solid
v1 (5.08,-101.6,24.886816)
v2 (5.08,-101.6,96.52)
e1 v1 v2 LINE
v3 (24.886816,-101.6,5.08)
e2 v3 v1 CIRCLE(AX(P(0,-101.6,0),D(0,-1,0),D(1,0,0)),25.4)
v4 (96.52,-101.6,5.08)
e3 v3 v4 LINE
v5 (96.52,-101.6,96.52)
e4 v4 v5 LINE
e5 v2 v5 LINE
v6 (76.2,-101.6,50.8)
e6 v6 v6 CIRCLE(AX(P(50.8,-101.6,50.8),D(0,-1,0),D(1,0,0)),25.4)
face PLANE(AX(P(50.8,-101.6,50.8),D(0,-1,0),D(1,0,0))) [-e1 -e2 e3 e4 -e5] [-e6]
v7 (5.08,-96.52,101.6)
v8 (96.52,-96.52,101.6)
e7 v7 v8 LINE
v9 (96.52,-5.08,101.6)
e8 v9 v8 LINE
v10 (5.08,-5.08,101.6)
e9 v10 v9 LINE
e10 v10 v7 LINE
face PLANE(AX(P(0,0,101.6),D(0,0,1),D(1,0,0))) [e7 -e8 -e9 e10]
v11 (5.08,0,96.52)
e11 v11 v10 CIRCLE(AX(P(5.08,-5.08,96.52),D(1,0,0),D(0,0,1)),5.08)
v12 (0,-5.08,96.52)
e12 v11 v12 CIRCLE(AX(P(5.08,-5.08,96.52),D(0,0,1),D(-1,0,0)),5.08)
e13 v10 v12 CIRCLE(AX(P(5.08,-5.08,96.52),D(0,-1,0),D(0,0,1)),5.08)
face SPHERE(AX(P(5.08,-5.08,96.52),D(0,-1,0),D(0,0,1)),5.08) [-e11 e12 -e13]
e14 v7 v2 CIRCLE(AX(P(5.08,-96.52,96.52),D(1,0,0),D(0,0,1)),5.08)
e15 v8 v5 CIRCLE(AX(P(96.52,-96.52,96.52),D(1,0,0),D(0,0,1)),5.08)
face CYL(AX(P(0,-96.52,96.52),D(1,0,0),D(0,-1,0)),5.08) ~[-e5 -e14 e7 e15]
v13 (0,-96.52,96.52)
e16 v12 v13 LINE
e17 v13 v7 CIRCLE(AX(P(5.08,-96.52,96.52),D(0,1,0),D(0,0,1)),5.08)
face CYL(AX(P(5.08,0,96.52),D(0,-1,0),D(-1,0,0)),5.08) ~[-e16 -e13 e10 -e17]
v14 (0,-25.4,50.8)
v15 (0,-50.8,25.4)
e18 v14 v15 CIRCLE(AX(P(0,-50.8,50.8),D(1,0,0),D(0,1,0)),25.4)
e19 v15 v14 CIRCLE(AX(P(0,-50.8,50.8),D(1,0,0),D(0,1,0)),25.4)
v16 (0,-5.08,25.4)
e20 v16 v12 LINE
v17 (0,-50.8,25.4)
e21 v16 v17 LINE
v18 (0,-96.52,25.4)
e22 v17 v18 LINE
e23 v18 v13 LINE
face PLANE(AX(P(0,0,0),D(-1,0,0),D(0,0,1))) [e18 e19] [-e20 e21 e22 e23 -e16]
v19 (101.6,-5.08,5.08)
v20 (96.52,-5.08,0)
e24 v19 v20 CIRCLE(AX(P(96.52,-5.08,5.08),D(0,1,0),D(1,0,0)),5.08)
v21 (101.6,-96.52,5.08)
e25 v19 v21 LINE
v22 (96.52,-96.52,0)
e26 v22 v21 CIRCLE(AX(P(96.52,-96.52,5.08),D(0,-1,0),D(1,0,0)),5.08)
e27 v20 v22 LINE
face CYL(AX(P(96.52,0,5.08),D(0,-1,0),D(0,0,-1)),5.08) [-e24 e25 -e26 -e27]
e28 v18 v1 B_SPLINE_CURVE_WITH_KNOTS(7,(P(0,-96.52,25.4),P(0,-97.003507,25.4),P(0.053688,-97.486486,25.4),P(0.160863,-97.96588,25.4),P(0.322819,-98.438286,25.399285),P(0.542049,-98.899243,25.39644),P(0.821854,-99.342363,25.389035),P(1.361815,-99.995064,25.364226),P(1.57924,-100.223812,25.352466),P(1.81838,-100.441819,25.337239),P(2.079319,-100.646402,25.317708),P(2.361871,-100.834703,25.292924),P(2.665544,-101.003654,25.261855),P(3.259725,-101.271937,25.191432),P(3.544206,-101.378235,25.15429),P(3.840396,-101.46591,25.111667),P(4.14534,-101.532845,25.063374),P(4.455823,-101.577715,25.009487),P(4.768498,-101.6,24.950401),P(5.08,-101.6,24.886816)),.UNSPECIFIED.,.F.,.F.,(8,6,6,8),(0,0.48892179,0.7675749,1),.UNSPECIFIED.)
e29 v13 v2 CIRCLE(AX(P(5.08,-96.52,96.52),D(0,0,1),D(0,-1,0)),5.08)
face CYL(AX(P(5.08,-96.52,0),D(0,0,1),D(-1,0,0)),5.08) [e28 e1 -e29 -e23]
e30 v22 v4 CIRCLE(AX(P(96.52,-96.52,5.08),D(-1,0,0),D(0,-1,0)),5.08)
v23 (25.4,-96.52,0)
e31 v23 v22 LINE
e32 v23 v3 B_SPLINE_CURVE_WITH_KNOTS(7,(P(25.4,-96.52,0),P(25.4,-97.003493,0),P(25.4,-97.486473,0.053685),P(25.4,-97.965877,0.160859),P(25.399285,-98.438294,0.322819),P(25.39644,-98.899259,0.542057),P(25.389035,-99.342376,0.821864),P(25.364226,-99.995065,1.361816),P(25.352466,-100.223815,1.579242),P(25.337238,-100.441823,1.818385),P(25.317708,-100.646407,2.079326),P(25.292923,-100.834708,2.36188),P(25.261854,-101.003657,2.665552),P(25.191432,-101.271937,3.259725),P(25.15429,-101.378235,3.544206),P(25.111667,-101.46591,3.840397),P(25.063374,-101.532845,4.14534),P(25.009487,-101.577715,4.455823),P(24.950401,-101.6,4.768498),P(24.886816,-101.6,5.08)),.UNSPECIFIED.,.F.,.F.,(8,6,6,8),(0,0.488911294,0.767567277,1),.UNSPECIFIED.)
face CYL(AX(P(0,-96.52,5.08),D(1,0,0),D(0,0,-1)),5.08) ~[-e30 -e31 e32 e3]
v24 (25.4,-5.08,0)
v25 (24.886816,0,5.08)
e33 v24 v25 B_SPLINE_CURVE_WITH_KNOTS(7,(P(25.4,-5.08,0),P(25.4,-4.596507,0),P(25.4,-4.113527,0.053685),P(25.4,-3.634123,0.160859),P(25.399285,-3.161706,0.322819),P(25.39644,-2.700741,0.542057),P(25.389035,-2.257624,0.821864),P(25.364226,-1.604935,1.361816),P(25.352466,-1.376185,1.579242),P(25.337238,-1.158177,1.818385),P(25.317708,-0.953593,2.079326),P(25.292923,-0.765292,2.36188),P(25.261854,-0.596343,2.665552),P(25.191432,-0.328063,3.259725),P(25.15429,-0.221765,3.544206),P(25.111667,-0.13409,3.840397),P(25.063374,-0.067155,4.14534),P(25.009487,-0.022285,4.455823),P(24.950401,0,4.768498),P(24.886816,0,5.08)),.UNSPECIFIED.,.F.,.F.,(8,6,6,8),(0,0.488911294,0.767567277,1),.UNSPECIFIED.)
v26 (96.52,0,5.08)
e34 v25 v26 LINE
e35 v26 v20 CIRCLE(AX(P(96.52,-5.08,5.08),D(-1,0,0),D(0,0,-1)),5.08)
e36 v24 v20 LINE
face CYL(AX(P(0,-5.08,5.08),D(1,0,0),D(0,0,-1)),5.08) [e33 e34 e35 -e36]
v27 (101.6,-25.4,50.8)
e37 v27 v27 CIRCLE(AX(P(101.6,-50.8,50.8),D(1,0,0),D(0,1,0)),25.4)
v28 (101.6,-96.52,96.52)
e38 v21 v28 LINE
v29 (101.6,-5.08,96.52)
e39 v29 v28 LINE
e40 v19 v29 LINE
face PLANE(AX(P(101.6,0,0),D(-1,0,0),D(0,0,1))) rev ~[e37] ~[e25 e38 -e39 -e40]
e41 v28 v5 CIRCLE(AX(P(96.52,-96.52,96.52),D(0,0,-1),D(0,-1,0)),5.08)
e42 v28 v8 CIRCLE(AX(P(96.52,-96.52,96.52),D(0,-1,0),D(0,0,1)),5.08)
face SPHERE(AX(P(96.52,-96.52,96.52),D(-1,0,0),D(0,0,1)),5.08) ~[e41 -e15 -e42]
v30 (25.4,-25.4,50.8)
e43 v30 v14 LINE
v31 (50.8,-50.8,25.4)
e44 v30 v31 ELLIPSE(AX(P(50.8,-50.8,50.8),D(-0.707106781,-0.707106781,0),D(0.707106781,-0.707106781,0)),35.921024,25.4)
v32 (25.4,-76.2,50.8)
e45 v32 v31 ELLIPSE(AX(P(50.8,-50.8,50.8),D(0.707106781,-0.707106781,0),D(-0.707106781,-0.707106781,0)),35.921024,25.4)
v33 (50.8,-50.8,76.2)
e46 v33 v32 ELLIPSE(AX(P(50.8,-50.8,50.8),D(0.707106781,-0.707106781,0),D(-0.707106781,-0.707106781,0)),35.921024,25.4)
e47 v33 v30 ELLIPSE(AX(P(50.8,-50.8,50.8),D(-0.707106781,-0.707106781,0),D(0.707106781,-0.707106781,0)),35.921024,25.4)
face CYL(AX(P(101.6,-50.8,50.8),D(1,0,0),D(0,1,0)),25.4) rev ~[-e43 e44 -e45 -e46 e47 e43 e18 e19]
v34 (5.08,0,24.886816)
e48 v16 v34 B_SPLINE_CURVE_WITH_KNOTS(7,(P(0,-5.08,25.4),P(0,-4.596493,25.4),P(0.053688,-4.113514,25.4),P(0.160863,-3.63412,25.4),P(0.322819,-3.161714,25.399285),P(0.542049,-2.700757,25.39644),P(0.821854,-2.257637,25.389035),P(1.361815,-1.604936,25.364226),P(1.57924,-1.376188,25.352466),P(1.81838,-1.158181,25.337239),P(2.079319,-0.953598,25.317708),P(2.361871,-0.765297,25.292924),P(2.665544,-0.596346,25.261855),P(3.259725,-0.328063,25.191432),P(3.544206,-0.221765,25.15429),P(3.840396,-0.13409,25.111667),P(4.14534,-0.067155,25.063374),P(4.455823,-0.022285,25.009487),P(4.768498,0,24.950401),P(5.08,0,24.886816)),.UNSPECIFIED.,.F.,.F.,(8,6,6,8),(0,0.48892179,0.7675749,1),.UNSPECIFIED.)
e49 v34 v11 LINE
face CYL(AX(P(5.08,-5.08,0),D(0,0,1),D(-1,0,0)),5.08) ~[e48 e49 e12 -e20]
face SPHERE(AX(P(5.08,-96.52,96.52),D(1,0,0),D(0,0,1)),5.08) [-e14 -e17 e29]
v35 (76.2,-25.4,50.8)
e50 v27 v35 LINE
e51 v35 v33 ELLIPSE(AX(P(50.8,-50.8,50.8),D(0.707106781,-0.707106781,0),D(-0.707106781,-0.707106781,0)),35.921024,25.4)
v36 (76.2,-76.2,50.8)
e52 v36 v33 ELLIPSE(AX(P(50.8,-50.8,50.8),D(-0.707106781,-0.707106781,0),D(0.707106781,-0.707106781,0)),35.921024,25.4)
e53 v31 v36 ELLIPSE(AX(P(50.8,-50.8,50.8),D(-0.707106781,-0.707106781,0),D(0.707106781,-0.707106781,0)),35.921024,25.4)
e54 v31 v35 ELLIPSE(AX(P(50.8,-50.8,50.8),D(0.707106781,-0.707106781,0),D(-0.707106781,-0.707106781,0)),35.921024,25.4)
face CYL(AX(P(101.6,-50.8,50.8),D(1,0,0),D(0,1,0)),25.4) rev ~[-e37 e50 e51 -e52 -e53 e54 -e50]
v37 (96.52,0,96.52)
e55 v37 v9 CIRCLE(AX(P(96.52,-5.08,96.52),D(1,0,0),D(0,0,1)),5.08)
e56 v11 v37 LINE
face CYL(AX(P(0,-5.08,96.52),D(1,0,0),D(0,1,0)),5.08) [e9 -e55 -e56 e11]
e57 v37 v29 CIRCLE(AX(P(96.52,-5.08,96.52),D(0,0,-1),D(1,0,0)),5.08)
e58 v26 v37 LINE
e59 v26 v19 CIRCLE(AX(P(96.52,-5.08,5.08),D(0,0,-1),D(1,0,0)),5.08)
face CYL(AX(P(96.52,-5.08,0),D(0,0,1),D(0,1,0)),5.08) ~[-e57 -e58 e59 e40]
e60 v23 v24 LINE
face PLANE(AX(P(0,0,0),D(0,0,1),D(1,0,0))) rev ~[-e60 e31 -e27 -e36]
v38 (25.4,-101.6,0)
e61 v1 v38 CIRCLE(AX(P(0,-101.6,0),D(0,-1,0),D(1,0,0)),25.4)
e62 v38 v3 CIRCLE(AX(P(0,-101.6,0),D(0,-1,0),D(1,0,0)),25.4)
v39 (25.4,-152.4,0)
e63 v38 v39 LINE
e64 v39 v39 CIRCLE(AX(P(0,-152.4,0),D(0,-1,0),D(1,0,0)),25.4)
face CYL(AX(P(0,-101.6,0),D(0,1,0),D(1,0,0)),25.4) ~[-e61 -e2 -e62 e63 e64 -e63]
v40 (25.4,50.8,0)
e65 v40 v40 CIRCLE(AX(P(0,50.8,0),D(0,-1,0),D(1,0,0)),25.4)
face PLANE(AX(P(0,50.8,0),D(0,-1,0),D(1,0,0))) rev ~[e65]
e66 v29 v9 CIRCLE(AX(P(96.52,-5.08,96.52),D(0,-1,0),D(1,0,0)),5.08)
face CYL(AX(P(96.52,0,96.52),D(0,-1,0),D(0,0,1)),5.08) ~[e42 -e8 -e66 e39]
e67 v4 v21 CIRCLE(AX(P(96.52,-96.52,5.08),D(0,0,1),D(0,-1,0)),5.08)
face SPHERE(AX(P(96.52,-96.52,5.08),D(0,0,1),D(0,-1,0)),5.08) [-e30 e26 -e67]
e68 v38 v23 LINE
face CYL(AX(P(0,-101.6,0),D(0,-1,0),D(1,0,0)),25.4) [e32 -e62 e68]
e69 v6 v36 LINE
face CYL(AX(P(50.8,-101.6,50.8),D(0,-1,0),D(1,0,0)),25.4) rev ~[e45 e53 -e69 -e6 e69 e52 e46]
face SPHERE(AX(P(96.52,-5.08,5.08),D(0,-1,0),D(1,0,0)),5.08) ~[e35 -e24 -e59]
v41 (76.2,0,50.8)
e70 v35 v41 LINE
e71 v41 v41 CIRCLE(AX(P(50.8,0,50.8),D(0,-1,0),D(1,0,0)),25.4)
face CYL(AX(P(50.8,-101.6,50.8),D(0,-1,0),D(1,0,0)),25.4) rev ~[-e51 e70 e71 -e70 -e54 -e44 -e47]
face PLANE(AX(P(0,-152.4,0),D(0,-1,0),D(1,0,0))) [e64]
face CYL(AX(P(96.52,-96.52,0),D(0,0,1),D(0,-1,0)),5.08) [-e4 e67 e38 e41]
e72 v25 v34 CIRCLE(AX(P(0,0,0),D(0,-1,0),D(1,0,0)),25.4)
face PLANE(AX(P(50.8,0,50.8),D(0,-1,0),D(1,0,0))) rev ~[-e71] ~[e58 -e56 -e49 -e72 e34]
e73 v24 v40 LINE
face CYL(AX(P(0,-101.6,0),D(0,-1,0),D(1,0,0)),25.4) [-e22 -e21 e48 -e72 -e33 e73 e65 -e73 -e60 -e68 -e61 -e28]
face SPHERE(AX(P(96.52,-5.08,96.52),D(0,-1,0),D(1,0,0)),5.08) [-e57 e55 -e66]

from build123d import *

# Parameters (mm, degrees)
F0_W          = 101.6
F0_H          = 101.6
F1_DEPTH      = 101.6
F2_R          = 25.4
F3_DEPTH      = 101.6
F4_R          = 25.4
F5_DEPTH      = 101.6
F6_R          = 5.08
F8_R          = 25.4
F9_DEPTH      = 50.8
F9_DEPTH_BACK = 152.4


with BuildPart() as f1:
    # F0 (on Front) → F1 (new body)
    with BuildSketch(Plane.XZ):
        with Locations((50.8, 50.8)):
            Rectangle(F0_W, F0_H)
    extrude(amount=F1_DEPTH)

    # F2 (on face) → F3 (cut)
    with BuildSketch(Plane.XZ.offset(101.6)):
        with Locations((50.8, 50.8)):
            Circle(F2_R)
    extrude(amount=-F3_DEPTH, mode=Mode.SUBTRACT)

    # F4 (on face) → F5 (cut)
    with BuildSketch(Plane.YZ.offset(101.6)):
        with Locations((-50.8, 50.8)):
            Circle(F4_R)
    extrude(amount=-F5_DEPTH, mode=Mode.SUBTRACT)

    # F6
    f6_edges = [f1.edges().sort_by_distance(p)[0] for p in [
        (50.8, -101.6, 101.6),
        (101.6, -50.8, 101.6),
        (101.6, -101.6, 50.8),
        (50.8, -101.6, 0),
        (101.6, -50.8, 0),
        (101.6, 0, 50.8),
        (0, -50.8, 101.6),
        (50.8, 0, 101.6),
        (0, -50.8, 0),
        (50.8, 0, 0),
        (0, -101.6, 50.8),
        (0, 0, 50.8),
    ]]
    fillet(f6_edges, radius=F6_R)

    # F8 (on offset) → F9 (join, two sides)
    with BuildSketch(Plane.XZ.offset(101.6)) as f9_sk:
        Circle(F8_R)
    extrude(amount=F9_DEPTH)
    extrude(f9_sk.sketch, amount=-F9_DEPTH_BACK)


solid = f1.part
